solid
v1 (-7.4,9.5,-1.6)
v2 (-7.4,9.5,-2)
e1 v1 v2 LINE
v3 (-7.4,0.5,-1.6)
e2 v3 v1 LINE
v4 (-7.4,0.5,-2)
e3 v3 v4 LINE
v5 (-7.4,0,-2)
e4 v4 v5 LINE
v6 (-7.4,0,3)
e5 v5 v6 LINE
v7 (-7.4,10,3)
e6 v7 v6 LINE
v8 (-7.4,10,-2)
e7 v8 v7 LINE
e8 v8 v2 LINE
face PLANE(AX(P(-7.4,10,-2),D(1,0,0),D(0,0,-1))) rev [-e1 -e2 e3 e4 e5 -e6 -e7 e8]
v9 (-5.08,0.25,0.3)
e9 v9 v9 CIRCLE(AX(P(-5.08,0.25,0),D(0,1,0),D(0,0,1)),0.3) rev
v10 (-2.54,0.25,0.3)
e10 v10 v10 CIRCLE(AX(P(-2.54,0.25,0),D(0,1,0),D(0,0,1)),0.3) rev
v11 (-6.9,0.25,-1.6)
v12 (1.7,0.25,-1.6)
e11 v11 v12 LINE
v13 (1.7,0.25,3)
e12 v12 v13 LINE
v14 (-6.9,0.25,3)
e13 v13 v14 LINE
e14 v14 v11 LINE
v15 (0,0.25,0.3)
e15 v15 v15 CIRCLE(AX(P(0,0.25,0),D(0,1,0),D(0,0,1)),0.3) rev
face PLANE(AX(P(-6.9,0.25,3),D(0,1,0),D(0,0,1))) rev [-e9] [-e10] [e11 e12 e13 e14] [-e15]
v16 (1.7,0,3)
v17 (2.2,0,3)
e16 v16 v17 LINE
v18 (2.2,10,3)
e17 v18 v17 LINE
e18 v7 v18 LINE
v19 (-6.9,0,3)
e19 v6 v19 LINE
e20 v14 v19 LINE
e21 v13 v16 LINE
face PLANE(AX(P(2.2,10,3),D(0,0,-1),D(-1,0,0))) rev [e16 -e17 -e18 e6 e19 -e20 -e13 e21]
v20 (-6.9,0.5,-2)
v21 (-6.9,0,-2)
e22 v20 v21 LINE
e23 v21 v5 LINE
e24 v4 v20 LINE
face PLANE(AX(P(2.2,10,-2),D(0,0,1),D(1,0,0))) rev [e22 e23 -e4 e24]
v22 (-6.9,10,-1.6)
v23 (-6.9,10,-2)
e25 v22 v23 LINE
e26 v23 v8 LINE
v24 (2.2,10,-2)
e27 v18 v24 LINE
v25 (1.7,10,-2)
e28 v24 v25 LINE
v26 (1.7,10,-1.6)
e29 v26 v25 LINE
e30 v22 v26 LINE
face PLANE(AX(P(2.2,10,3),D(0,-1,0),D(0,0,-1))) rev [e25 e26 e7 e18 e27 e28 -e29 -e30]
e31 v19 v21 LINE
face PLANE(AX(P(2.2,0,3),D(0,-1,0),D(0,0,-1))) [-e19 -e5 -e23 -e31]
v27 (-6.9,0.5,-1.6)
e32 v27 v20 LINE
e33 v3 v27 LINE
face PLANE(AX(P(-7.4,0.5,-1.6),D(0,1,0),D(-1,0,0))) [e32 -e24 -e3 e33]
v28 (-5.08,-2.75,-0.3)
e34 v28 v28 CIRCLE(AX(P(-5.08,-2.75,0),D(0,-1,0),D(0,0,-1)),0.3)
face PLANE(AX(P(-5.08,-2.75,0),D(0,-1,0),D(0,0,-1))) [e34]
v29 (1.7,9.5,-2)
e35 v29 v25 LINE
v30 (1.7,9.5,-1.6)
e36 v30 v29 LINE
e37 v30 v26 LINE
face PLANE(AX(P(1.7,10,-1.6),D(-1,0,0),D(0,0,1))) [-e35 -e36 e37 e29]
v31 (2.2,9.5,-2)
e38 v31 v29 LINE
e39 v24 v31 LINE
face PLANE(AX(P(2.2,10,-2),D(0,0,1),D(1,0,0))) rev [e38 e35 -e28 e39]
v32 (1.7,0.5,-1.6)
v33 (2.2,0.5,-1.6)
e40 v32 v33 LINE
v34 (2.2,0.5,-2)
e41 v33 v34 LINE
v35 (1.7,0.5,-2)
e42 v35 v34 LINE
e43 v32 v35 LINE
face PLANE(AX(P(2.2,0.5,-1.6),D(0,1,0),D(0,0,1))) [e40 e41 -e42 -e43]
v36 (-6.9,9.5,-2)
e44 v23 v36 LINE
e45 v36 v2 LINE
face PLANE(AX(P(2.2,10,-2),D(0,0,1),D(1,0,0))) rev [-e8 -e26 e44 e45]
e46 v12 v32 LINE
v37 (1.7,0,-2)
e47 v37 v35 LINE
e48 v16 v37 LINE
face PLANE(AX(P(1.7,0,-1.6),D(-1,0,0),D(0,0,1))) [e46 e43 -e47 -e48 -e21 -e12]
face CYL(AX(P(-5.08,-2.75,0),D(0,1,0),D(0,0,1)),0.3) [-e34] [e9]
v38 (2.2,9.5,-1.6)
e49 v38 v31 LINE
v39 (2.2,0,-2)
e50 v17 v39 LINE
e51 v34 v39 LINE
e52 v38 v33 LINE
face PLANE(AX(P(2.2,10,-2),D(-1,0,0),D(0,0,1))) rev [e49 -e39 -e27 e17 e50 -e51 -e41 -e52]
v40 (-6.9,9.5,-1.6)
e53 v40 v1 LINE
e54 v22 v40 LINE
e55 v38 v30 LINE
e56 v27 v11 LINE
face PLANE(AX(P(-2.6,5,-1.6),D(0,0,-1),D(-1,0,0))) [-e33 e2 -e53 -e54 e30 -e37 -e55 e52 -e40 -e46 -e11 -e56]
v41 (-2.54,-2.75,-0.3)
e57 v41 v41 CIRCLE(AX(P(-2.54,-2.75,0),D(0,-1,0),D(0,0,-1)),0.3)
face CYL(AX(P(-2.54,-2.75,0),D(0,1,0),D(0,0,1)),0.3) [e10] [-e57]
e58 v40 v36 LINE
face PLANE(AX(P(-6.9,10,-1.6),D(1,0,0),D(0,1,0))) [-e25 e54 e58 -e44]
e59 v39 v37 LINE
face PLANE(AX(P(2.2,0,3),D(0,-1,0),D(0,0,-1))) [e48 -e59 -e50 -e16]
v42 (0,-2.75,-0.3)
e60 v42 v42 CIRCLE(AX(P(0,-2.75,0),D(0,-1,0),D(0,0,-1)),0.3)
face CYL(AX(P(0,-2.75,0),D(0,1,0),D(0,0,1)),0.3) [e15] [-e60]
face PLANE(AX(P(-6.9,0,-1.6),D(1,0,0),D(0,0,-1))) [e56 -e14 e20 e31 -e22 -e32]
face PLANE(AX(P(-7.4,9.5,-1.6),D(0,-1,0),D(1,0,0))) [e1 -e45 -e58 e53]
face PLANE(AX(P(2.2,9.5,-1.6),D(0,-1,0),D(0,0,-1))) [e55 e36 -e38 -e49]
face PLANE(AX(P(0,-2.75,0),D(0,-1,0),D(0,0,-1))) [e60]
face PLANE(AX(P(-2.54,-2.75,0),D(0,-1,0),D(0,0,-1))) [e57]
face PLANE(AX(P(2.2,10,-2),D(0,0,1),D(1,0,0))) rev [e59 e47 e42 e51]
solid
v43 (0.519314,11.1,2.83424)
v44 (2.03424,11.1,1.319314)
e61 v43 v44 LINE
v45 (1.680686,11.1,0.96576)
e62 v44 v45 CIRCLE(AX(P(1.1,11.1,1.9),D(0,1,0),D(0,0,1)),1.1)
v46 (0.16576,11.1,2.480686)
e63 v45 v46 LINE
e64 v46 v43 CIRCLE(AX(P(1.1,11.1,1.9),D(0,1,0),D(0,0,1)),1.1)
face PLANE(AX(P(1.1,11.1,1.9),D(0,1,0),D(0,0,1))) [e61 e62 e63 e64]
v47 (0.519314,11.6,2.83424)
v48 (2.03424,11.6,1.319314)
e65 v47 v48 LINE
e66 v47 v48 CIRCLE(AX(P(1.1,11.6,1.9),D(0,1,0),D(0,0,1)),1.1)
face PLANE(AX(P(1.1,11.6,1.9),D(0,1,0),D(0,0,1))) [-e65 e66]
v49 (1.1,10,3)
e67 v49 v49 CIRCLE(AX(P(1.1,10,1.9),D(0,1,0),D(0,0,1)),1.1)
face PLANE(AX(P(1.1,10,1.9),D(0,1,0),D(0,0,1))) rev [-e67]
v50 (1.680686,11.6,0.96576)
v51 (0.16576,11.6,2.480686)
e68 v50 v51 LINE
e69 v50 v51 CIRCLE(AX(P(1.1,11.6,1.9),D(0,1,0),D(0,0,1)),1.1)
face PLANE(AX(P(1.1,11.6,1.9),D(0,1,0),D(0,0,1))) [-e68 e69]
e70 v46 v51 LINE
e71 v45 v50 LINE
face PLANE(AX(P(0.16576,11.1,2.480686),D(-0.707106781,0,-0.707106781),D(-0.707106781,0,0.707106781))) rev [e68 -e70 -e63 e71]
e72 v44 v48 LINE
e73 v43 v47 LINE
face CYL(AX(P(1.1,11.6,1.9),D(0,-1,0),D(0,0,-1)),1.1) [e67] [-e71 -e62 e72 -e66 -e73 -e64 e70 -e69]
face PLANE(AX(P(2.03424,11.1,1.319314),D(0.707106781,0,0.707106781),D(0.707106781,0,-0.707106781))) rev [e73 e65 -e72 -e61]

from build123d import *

# Parameters (mm, degrees)
COMPONENT_OUTLINE_W = 9.6
COMPONENT_OUTLINE_H = 5
BOSS_EXTRUDE1_DEPTH = 10
SKETCH1_OUTSIDE_W   = 14.548
SKETCH1_OUTSIDE_H   = 14.948
SKETCH1_OUTSIDE_W_2 = 0.5
SKETCH1_OUTSIDE_H_2 = 0.5
CUT_EXTRUDE1_DEPTH  = 0.4
SKETCH2_W           = 8.6
SKETCH2_H           = 4.6
CUT_EXTRUDE2_DEPTH  = 0.25
SKETCH3_R           = 0.3
BOSS_EXTRUDE2_DEPTH = 3
SKETCH4_R           = 1.1
BOSS_EXTRUDE3_DEPTH = 1.6
CUT_EXTRUDE3_DEPTH  = 0.5


with BuildPart() as part:
    # Component_Outline → Boss-Extrude1 (new body)
    with BuildSketch(Plane(origin=(0, 0, 0), x_dir=(1, 0, 0), z_dir=(0, 1, 0))):
        with Locations((-2.6, -0.5)):
            Rectangle(COMPONENT_OUTLINE_W, COMPONENT_OUTLINE_H)
    extrude(amount=BOSS_EXTRUDE1_DEPTH)

    # Sketch1 outside → Cut-Extrude1 (cut)
    with BuildSketch(Plane(origin=(0, 0, -2), x_dir=(-1, 0, 0), z_dir=(0, 0, -1))):
        with Locations((2.6, 5)):
            Rectangle(SKETCH1_OUTSIDE_W, SKETCH1_OUTSIDE_H)
        with Locations((7.15, 9.75)):
            Rectangle(SKETCH1_OUTSIDE_W_2, SKETCH1_OUTSIDE_H_2, mode=Mode.SUBTRACT)
        with Locations((-1.95, 9.75)):
            Rectangle(SKETCH1_OUTSIDE_W_2, SKETCH1_OUTSIDE_H_2, mode=Mode.SUBTRACT)
        with Locations((-1.95, 0.25)):
            Rectangle(SKETCH1_OUTSIDE_W_2, SKETCH1_OUTSIDE_H_2, mode=Mode.SUBTRACT)
        with Locations((7.15, 0.25)):
            Rectangle(SKETCH1_OUTSIDE_W_2, SKETCH1_OUTSIDE_H_2, mode=Mode.SUBTRACT)
    extrude(amount=-CUT_EXTRUDE1_DEPTH, mode=Mode.SUBTRACT)

    # Sketch2 → Cut-Extrude2 (cut)
    with BuildSketch(Plane.XZ):
        with Locations((-2.6, 0.7)):
            Rectangle(SKETCH2_W, SKETCH2_H)
    extrude(amount=-CUT_EXTRUDE2_DEPTH, mode=Mode.SUBTRACT)

    # Sketch3 → Boss-Extrude2 (add)
    with BuildSketch(Plane.XZ.offset(-0.25)):
        Circle(SKETCH3_R)
        with Locations((-2.54, 0)):
            Circle(SKETCH3_R)
        with Locations((-5.08, 0)):
            Circle(SKETCH3_R)
    extrude(amount=BOSS_EXTRUDE2_DEPTH)


with BuildPart() as body_2:
    # Sketch4 → Boss-Extrude3 (new body)
    with BuildSketch(Plane(origin=(0, 10, 0), x_dir=(1, 0, 0), z_dir=(0, 1, 0))):
        with Locations((1.1, -1.9)):
            Circle(SKETCH4_R)
    extrude(amount=BOSS_EXTRUDE3_DEPTH)

    # Sketch5 → Cut-Extrude3 (cut)
    with BuildSketch(Plane(origin=(0, 11.6, 0), x_dir=(1, 0, 0), z_dir=(0, 1, 0))):
        with BuildLine():
            Line((0.165760434, -2.480686175), (1.680686175, -0.965760434))
            ThreePointArc((1.680686175, -0.965760434), (1.877817459, -1.122182541), (2.034239566, -1.319313825))
            Line((2.034239566, -1.319313825), (0.519313825, -2.834239566))
            ThreePointArc((0.519313825, -2.834239566), (0.322182541, -2.677817459), (0.165760434, -2.480686175))
        make_face()
    extrude(amount=-CUT_EXTRUDE3_DEPTH, mode=Mode.SUBTRACT)


solid = Compound([part.part, body_2.part])
